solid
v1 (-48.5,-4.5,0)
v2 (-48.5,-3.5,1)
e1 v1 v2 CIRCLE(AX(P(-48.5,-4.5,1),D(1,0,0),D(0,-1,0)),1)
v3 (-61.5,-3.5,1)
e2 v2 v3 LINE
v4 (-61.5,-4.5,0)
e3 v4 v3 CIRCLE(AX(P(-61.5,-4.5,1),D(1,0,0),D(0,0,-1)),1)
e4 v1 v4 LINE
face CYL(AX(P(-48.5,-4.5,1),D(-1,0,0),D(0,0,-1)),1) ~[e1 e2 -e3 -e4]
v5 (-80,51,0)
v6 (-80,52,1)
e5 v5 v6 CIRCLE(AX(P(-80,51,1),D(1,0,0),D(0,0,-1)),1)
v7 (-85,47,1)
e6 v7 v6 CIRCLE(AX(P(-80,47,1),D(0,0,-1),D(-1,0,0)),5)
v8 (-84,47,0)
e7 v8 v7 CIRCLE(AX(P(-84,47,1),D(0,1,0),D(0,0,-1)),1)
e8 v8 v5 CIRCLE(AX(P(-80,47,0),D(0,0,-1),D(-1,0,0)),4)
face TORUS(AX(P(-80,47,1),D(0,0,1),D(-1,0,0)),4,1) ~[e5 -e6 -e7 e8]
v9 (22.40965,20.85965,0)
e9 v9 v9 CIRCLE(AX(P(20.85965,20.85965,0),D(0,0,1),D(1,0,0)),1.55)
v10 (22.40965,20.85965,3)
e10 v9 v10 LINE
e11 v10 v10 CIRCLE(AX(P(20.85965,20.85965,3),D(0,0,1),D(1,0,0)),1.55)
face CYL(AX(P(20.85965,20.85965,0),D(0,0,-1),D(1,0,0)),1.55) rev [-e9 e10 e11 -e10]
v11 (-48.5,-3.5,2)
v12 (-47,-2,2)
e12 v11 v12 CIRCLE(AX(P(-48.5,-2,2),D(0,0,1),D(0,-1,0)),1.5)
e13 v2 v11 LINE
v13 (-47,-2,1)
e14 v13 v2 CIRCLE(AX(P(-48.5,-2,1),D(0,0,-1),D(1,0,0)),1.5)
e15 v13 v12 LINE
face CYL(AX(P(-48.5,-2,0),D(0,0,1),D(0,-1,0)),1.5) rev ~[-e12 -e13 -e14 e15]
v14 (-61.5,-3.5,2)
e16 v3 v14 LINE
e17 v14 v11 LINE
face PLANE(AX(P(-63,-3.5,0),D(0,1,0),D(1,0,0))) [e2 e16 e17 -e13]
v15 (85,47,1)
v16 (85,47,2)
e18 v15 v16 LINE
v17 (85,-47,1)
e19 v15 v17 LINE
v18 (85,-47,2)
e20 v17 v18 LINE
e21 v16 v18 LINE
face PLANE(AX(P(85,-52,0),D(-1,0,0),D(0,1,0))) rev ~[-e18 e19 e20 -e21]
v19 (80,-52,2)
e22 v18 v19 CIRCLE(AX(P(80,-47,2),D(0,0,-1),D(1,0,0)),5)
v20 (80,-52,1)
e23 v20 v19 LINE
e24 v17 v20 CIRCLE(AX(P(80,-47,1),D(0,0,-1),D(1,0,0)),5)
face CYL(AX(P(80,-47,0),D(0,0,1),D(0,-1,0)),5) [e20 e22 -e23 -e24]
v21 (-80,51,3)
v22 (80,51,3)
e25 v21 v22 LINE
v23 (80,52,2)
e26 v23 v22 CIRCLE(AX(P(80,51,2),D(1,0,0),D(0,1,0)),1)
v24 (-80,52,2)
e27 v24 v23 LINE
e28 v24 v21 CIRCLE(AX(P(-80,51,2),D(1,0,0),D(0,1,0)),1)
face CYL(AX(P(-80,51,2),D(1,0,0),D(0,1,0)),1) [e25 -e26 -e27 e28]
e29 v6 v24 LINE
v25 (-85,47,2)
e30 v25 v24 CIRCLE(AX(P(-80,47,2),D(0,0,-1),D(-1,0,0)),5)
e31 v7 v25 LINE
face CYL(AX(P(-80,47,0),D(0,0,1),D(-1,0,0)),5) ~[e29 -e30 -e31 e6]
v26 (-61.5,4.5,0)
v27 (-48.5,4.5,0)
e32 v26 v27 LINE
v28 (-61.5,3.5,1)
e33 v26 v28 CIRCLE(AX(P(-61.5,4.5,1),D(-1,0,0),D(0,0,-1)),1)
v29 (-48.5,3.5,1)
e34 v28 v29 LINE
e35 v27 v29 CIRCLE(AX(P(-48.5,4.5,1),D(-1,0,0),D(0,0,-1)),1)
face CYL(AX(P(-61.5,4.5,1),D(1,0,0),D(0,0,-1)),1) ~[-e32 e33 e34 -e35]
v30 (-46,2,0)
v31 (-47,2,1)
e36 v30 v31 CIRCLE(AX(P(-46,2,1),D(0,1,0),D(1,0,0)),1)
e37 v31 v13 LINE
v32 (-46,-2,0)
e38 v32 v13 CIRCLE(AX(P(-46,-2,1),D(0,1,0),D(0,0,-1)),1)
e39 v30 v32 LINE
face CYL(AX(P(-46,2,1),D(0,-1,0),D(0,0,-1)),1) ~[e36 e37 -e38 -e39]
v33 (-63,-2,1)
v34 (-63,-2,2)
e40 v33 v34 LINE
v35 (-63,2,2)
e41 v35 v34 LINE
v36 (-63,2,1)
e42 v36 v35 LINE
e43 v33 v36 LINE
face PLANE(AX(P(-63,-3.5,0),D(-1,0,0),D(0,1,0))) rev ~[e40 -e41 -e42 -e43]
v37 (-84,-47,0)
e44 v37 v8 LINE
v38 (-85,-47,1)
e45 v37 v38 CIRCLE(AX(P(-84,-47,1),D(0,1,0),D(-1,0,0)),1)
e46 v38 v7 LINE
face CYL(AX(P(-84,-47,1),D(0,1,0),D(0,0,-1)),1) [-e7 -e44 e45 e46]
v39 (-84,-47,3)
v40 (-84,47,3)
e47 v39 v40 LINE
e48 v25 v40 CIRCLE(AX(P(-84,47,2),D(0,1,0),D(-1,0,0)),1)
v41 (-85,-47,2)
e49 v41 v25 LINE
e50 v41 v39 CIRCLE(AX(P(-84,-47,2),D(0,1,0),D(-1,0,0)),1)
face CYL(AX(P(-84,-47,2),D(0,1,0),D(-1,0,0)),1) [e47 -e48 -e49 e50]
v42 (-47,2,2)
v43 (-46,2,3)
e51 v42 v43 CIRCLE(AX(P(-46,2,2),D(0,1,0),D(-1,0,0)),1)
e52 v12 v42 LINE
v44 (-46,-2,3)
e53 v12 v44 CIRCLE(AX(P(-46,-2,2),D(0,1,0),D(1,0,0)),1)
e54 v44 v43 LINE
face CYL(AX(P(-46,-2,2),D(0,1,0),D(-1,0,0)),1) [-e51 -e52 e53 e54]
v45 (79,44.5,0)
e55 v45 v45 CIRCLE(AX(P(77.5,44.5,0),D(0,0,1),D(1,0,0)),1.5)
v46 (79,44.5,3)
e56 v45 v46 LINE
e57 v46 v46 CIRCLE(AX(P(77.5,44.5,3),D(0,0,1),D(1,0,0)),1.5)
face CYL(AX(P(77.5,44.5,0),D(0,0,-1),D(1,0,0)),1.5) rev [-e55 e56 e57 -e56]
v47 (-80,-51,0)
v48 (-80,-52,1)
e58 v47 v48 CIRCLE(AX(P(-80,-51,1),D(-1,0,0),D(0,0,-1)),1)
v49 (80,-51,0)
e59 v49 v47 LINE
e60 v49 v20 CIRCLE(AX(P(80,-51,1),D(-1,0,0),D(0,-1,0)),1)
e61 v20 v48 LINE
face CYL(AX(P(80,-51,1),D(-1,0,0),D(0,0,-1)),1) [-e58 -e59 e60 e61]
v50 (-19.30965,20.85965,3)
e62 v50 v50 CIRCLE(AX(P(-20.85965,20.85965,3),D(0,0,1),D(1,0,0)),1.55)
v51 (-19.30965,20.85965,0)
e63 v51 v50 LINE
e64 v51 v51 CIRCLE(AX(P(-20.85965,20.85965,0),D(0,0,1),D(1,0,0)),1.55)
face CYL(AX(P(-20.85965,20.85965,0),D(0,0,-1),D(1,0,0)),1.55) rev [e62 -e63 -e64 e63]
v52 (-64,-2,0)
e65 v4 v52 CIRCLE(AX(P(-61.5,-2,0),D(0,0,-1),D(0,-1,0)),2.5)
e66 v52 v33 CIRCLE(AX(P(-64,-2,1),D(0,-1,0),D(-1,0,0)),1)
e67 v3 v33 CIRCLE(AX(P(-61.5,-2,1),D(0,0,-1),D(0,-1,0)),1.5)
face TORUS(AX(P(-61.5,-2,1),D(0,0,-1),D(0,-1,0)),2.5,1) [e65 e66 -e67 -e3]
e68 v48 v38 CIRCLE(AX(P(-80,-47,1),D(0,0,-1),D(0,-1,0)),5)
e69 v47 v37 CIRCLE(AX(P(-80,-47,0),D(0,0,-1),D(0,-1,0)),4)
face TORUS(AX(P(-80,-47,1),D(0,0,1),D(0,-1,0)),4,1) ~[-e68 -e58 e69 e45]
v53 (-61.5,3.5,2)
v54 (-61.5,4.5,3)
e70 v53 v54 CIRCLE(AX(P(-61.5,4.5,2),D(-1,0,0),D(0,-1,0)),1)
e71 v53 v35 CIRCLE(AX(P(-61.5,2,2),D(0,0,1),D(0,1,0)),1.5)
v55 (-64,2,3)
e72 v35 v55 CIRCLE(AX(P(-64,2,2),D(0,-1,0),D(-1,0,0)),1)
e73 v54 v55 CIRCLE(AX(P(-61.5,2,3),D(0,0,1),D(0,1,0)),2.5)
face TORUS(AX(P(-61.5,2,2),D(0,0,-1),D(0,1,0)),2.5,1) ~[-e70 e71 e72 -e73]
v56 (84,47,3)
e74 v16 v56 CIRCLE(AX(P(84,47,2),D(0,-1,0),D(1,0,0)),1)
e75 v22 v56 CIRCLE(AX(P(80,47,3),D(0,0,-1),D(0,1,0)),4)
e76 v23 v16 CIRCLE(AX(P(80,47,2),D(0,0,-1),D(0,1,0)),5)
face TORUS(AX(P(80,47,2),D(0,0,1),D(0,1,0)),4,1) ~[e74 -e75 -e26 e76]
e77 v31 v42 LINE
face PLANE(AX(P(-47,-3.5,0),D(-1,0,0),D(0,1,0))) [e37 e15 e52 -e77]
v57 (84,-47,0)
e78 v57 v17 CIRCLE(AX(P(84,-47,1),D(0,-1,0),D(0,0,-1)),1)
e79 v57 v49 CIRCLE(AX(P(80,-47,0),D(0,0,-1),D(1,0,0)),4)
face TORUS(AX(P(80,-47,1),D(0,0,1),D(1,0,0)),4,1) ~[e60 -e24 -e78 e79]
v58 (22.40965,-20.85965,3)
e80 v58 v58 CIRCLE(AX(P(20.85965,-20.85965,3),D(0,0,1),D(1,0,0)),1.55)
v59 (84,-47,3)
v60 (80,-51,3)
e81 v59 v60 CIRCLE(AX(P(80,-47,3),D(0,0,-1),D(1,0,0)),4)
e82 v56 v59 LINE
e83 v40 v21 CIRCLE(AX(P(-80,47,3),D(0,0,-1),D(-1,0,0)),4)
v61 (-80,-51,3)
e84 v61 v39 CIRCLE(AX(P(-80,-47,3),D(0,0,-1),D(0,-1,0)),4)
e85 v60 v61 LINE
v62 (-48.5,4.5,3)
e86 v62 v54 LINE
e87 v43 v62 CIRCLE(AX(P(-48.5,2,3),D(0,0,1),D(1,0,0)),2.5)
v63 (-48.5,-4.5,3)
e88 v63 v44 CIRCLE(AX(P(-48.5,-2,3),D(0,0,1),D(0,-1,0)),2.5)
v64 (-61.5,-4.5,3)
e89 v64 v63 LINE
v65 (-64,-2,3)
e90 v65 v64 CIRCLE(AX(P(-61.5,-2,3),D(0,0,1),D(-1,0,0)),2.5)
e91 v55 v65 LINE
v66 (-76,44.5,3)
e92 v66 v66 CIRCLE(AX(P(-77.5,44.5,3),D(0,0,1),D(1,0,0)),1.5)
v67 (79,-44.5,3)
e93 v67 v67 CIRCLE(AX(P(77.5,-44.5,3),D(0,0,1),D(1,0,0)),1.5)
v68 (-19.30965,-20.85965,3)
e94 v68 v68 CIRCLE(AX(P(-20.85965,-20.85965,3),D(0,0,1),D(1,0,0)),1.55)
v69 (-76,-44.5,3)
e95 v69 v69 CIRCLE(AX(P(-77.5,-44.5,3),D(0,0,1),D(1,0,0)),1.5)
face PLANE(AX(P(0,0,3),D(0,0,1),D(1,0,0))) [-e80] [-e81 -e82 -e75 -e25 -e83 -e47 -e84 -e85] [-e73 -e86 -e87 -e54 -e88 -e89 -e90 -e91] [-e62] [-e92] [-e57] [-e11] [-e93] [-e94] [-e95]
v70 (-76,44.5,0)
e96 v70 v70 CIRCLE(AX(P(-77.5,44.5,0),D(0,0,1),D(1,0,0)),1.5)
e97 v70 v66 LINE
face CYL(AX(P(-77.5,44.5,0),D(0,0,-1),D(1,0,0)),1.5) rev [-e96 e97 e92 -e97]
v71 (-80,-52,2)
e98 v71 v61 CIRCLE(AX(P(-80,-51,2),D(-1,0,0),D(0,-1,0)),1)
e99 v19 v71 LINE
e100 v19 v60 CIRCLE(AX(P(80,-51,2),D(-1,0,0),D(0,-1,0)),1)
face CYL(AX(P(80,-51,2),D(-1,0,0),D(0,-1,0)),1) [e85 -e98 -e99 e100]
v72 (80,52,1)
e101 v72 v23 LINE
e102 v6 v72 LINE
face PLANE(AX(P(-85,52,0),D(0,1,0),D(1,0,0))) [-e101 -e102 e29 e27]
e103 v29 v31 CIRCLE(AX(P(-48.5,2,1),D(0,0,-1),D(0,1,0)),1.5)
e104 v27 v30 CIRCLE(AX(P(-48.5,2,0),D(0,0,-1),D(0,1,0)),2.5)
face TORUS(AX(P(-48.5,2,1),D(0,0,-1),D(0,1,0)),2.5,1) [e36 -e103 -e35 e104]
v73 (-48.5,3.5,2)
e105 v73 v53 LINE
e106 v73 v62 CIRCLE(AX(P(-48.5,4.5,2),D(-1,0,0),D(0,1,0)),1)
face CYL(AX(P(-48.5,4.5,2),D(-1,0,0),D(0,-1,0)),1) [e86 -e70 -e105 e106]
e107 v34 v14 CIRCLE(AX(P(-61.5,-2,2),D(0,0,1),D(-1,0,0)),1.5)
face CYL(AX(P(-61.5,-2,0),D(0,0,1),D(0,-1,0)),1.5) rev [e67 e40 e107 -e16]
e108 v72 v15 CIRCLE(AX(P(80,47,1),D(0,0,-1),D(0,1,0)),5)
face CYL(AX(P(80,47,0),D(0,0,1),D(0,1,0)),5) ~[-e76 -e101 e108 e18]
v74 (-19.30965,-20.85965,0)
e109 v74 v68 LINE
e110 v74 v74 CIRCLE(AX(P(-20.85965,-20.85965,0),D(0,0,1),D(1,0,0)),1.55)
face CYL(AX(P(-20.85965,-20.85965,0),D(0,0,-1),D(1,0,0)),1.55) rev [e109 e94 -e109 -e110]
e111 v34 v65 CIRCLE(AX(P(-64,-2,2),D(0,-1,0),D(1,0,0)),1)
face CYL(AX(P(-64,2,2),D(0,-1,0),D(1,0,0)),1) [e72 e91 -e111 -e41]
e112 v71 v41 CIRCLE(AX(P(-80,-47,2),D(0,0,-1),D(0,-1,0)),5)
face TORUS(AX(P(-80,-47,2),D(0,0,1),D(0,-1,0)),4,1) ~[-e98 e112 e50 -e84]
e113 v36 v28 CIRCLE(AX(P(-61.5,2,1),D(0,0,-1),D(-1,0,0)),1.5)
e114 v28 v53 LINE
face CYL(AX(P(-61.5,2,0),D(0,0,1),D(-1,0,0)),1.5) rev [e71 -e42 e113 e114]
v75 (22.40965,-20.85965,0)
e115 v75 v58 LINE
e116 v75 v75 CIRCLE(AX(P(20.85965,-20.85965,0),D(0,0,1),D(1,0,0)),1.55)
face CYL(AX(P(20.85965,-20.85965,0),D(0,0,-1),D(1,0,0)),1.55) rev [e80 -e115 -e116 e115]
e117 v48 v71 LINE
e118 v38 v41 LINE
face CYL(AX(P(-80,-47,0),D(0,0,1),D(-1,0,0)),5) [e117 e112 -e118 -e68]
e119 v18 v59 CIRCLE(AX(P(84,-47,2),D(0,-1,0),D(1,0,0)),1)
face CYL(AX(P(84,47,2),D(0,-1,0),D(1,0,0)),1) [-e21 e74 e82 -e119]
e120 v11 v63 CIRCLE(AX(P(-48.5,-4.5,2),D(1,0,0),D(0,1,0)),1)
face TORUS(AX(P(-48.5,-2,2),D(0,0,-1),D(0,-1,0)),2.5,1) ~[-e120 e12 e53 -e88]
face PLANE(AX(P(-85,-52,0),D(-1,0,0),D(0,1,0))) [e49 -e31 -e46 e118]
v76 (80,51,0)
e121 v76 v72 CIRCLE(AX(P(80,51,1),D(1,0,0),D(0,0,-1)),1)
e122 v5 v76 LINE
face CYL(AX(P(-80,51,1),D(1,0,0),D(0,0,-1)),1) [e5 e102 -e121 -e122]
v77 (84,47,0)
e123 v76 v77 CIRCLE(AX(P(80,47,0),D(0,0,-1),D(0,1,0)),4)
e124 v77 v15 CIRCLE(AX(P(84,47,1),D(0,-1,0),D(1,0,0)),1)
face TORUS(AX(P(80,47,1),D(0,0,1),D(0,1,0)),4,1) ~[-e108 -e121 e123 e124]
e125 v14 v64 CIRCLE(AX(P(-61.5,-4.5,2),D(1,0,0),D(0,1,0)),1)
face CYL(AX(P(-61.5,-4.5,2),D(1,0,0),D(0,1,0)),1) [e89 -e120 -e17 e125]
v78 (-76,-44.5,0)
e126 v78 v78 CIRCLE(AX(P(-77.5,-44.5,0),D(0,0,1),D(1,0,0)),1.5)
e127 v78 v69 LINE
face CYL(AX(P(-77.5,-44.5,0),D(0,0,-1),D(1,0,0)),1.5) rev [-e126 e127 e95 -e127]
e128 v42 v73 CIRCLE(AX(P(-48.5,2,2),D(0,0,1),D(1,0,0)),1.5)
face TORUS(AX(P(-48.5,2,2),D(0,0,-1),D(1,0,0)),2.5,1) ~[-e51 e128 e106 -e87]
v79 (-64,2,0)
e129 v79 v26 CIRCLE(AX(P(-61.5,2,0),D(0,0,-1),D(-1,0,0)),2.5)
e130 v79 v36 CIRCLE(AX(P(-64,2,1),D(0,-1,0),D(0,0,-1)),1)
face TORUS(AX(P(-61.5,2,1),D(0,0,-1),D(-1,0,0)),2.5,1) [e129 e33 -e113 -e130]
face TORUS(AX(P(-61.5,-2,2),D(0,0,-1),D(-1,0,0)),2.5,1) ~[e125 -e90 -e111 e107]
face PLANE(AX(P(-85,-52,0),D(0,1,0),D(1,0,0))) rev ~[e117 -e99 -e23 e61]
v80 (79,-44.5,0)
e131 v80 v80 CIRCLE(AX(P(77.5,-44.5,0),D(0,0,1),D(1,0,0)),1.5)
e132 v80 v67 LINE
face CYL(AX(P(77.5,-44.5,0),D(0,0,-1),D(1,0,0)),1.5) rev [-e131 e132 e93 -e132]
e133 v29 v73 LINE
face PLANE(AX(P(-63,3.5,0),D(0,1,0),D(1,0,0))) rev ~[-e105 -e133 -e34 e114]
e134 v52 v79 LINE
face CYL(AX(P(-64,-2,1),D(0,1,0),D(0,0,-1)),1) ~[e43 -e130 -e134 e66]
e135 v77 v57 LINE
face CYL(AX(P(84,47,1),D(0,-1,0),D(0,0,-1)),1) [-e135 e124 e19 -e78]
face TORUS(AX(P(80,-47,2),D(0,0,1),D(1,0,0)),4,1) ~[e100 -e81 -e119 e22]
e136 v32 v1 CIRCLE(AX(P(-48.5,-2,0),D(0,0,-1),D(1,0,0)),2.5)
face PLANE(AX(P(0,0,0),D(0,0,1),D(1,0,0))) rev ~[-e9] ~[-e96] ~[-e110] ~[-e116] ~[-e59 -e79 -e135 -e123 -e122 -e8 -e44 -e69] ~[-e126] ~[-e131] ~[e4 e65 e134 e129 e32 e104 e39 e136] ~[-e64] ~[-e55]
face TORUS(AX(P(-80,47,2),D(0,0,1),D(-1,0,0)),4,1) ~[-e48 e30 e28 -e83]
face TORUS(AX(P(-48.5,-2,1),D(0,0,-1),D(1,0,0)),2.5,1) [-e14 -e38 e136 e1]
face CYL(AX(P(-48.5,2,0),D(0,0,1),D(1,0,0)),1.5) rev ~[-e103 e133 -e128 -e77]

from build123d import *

# Parameters (mm, degrees)
F0_W     = 170
F0_H     = 104
F0_R     = 1.5
F0_R_2   = 1.55
F0_W_2   = 16
F0_H_2   = 7
F1_DEPTH = 3
F2_R     = 5
F3_R     = 1.5
F4_R     = 1


with BuildPart() as f1:
    # F0 (on Top) → F1 (new body)
    with BuildSketch(Plane.XY):
        Rectangle(F0_W, F0_H)
        with Locations((-77.5, -44.5)):
            Circle(F0_R, mode=Mode.SUBTRACT)
        with Locations((-20.85965, -20.85965)):
            Circle(F0_R_2, mode=Mode.SUBTRACT)
        with Locations((77.5, -44.5)):
            Circle(F0_R, mode=Mode.SUBTRACT)
        with Locations((20.85965, -20.85965)):
            Circle(F0_R_2, mode=Mode.SUBTRACT)
        with Locations((-55, 0)):
            Rectangle(F0_W_2, F0_H_2, mode=Mode.SUBTRACT)
        with Locations((-20.85965, 20.85965)):
            Circle(F0_R_2, mode=Mode.SUBTRACT)
        with Locations((-77.5, 44.5)):
            Circle(F0_R, mode=Mode.SUBTRACT)
        with Locations((20.85965, 20.85965)):
            Circle(F0_R_2, mode=Mode.SUBTRACT)
        with Locations((77.5, 44.5)):
            Circle(F0_R, mode=Mode.SUBTRACT)
    extrude(amount=F1_DEPTH)

    # F2
    f2_edges = [f1.edges().sort_by_distance(p)[0] for p in [
        (-85, -52, 1.5),
        (-85, 52, 1.5),
        (85, 52, 1.5),
        (85, -52, 1.5),
    ]]
    fillet(f2_edges, radius=F2_R)

    # F3
    f3_edges = [f1.edges().sort_by_distance(p)[0] for p in [
        (-47, 3.5, 1.5),
        (-47, -3.5, 1.5),
        (-63, -3.5, 1.5),
        (-63, 3.5, 1.5),
    ]]
    fillet(f3_edges, radius=F3_R)

    # F4
    f4_edges = [f1.edges().sort_by_distance(p)[0] for p in [
        (0, 52, 3),
        (0, 52, 0),
        (-55, -3.5, 3),
        (-55, 3.5, 0),
    ]]
    fillet(f4_edges, radius=F4_R)


solid = f1.part
